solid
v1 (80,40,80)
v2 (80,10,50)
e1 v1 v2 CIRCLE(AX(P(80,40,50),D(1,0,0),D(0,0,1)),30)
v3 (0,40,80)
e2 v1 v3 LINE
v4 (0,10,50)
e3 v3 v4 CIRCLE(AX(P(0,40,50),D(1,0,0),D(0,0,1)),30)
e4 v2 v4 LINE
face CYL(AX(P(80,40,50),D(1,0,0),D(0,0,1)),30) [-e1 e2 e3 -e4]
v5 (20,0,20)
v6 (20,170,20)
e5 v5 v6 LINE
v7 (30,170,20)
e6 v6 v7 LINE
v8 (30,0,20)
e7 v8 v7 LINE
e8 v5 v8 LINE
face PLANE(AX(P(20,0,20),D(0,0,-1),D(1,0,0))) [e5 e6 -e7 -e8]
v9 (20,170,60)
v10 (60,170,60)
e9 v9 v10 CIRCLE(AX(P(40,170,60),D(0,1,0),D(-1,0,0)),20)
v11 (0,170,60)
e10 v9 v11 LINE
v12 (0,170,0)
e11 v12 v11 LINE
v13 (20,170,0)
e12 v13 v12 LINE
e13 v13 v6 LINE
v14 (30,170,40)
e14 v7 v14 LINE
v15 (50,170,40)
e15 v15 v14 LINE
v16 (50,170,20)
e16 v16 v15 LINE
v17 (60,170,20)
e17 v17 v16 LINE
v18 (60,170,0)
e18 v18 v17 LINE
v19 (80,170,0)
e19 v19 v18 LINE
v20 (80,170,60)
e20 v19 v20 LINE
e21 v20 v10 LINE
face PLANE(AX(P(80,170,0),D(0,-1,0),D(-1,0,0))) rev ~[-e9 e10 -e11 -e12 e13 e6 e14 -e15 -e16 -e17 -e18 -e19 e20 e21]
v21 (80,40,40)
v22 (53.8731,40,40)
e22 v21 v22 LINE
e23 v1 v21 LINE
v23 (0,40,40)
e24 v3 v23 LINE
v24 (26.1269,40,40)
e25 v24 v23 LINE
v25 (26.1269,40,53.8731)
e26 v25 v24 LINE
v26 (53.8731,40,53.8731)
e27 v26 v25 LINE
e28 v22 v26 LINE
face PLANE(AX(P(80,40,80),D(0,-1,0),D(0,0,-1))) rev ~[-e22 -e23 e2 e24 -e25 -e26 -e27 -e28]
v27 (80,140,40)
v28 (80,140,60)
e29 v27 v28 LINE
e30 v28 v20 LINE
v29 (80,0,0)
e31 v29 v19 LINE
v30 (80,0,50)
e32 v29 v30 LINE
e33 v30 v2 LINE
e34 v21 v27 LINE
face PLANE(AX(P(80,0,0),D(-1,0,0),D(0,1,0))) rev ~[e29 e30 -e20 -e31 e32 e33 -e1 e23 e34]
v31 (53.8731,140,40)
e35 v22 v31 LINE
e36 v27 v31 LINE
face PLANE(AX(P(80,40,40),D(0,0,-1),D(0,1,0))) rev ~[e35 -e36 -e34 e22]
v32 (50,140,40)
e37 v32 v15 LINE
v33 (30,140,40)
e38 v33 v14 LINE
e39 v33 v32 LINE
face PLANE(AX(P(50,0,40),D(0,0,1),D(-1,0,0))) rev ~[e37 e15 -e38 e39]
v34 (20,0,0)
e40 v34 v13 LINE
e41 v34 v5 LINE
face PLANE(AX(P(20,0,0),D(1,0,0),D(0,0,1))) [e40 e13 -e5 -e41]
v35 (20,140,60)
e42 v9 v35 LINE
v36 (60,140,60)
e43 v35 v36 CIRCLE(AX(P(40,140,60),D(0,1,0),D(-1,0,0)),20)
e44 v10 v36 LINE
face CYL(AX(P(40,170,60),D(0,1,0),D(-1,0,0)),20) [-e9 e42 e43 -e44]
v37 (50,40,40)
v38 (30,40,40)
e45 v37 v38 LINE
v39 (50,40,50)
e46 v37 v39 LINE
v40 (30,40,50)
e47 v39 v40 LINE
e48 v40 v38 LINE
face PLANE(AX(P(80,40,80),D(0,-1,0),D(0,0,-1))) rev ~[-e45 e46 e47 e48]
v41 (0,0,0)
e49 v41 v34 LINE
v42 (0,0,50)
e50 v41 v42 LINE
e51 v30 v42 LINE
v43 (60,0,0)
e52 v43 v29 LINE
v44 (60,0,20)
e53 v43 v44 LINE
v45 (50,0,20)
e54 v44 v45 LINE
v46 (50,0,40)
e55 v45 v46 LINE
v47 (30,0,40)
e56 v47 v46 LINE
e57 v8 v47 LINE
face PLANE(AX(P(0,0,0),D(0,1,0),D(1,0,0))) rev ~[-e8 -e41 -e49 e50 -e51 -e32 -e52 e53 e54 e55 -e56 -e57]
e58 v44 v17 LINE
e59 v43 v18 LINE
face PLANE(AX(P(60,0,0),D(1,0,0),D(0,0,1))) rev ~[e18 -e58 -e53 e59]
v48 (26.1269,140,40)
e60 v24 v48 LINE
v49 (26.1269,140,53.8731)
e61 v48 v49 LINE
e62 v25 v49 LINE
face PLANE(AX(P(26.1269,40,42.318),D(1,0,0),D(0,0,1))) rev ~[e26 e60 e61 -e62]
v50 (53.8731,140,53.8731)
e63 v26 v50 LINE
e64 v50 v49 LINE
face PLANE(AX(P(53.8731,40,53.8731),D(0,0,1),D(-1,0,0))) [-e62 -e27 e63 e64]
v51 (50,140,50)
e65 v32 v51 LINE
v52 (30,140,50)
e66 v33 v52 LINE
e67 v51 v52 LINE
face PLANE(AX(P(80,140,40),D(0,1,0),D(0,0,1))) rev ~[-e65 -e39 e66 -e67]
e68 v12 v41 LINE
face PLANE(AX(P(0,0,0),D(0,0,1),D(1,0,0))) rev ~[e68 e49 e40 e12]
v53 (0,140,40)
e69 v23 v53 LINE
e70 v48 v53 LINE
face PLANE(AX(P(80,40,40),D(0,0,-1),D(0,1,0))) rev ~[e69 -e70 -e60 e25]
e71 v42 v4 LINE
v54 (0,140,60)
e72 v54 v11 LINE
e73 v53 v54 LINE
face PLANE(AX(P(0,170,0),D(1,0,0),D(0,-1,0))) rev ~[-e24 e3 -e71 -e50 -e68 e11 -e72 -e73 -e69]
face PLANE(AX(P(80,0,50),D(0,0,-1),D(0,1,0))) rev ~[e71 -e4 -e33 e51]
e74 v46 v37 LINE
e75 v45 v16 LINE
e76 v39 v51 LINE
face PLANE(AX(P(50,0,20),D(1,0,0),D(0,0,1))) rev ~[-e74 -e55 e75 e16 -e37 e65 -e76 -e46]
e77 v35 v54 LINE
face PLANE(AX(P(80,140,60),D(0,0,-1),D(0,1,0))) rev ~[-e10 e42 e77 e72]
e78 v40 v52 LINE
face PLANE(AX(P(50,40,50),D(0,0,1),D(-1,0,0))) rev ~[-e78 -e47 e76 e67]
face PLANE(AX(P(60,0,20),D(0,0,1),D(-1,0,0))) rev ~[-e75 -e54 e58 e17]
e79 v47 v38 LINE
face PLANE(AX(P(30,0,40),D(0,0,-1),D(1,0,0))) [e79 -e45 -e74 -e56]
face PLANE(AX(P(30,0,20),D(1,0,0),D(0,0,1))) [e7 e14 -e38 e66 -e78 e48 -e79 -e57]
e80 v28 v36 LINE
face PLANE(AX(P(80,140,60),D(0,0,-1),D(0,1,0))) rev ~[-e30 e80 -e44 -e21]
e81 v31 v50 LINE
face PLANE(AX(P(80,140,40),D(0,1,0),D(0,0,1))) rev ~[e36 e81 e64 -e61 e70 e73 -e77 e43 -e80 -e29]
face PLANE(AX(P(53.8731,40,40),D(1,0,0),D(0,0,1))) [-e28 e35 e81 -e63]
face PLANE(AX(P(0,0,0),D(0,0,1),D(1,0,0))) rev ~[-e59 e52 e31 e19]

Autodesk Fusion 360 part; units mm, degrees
sketch "Sketch1" plane through (0, 0, 0) normal (0, 0, 1) x (1, 0, 0)
  line L0 (0, 0) -> (80, 0)
  line L1 (80, 0) -> (80, 170)
  line L2 (80, 170) -> (0, 170)
  line L3 (0, 170) -> (0, 0)
  dimension "d1" = 80
  dimension "d2" = 170
extrude "Extrude1" add sketch "Sketch1" along normal blind 80
sketch "Sketch2" plane through (80, 0, 0) normal (1, 0, 0) x (0, 1, 0)
  line L0 (0, 0) -> (170, 0)
  line L1 (170, 0) -> (170, 80)
  line L2 (170, 80) -> (0, 80)
  line L3 (0, 80) -> (0, 0)
  line L4 (0, 50) -> (10, 50)
  arc A0 (40, 80) -> (10, 50) centre (40, 50) ccw
  line L5 (40, 80) -> (40, 40)
  line L6 (40, 40) -> (140, 40)
  line L7 (140, 40) -> (140, 60)
  line L8 (140, 60) -> (170, 60)
  dimension "d5" = 10
  dimension "d6" = 30
  dimension "d8" = 40
  dimension "d9" = 30
  dimension "d10" = 20
  dimension "d12" = 30
extrude "Extrude2" cut sketch "Sketch2" against normal blind 80 contours L2 L3 L4 A0 | L1 L2 L5 L6 L7 L8
sketch "Sketch3" plane through (0, 170, 0) normal (0, 1, 0) x (-1, 0, 0)
  line L0 (0, 60) -> (-80, 60)
  line L1 (-80, 60) -> (-80, 0)
  line L2 (-80, 0) -> (0, 0)
  line L3 (0, 0) -> (0, 60)
  arc A0 (-20, 60) -> (-60, 60) centre (-40, 60) ccw
  dimension "d15" = 20
extrude "Extrude3" add sketch "Sketch3" against normal blind 30 contours L0 A0
sketch "Sketch4" plane through (0, 0, 0) normal (0, -1, 0) x (1, 0, 0)
  line L0 (80, 50) -> (0, 50)
  line L1 (0, 50) -> (0, 0)
  line L2 (0, 0) -> (80, 0)
  line L3 (80, 0) -> (80, 50)
  line L4 (40, 50) -> (40, -1.5381) construction
  line L5 (20, 0) -> (20, 20)
  line L6 (20, 20) -> (30, 20)
  line L7 (30, 20) -> (30, 40)
  line L8 (30, 40) -> (40, 40)
  line L9 (60, 0) -> (60, 20)
  line L10 (50, 40) -> (40, 40)
  line L11 (60, 20) -> (50, 20)
  line L12 (50, 20) -> (50, 40)
  dimension "d18" = 20
  dimension "d19" = 10
  dimension "d20" = 20
  dimension "d21" = 10
extrude "Extrude4" cut sketch "Sketch4" against normal blind 170 contours L2 L5 L6 L7 L8 L9 L10 L11 L12
sketch "Sketch5" plane through (0, 40, 0) normal (0, 1, 0) x (-1, 0, 0)
  line L0 (-80, 80) -> (-80, 40)
  line L1 (-80, 40) -> (-50, 40)
  line L2 (-50, 40) -> (-30, 40)
  line L3 (-30, 40) -> (0, 40)
  line L4 (0, 40) -> (0, 80)
  line L5 (0, 80) -> (-80, 80)
  line L6 (-50, 40) -> (-50, 50)
  line L7 (-50, 50) -> (-30, 50)
  line L8 (-30, 40) -> (-30, 42.318)
  line L9 (-30, 42.318) -> (-30, 50)
  line L10 (-53.8731, 40) -> (-53.8731, 53.8731)
  line L11 (-53.8731, 53.8731) -> (-26.1269, 53.8731)
  line L12 (-26.1269, 42.318) -> (-26.1269, 53.8731)
  line L13 (-26.1269, 40) -> (-26.1269, 42.318)
  dimension "d24" = 10
  dimension "d25" = -3.8731
extrude "Extrude5" add sketch "Sketch5" along normal blind 100 contours L1 L3 L6 L7 L8 L9 L10 L11 L12 L13
